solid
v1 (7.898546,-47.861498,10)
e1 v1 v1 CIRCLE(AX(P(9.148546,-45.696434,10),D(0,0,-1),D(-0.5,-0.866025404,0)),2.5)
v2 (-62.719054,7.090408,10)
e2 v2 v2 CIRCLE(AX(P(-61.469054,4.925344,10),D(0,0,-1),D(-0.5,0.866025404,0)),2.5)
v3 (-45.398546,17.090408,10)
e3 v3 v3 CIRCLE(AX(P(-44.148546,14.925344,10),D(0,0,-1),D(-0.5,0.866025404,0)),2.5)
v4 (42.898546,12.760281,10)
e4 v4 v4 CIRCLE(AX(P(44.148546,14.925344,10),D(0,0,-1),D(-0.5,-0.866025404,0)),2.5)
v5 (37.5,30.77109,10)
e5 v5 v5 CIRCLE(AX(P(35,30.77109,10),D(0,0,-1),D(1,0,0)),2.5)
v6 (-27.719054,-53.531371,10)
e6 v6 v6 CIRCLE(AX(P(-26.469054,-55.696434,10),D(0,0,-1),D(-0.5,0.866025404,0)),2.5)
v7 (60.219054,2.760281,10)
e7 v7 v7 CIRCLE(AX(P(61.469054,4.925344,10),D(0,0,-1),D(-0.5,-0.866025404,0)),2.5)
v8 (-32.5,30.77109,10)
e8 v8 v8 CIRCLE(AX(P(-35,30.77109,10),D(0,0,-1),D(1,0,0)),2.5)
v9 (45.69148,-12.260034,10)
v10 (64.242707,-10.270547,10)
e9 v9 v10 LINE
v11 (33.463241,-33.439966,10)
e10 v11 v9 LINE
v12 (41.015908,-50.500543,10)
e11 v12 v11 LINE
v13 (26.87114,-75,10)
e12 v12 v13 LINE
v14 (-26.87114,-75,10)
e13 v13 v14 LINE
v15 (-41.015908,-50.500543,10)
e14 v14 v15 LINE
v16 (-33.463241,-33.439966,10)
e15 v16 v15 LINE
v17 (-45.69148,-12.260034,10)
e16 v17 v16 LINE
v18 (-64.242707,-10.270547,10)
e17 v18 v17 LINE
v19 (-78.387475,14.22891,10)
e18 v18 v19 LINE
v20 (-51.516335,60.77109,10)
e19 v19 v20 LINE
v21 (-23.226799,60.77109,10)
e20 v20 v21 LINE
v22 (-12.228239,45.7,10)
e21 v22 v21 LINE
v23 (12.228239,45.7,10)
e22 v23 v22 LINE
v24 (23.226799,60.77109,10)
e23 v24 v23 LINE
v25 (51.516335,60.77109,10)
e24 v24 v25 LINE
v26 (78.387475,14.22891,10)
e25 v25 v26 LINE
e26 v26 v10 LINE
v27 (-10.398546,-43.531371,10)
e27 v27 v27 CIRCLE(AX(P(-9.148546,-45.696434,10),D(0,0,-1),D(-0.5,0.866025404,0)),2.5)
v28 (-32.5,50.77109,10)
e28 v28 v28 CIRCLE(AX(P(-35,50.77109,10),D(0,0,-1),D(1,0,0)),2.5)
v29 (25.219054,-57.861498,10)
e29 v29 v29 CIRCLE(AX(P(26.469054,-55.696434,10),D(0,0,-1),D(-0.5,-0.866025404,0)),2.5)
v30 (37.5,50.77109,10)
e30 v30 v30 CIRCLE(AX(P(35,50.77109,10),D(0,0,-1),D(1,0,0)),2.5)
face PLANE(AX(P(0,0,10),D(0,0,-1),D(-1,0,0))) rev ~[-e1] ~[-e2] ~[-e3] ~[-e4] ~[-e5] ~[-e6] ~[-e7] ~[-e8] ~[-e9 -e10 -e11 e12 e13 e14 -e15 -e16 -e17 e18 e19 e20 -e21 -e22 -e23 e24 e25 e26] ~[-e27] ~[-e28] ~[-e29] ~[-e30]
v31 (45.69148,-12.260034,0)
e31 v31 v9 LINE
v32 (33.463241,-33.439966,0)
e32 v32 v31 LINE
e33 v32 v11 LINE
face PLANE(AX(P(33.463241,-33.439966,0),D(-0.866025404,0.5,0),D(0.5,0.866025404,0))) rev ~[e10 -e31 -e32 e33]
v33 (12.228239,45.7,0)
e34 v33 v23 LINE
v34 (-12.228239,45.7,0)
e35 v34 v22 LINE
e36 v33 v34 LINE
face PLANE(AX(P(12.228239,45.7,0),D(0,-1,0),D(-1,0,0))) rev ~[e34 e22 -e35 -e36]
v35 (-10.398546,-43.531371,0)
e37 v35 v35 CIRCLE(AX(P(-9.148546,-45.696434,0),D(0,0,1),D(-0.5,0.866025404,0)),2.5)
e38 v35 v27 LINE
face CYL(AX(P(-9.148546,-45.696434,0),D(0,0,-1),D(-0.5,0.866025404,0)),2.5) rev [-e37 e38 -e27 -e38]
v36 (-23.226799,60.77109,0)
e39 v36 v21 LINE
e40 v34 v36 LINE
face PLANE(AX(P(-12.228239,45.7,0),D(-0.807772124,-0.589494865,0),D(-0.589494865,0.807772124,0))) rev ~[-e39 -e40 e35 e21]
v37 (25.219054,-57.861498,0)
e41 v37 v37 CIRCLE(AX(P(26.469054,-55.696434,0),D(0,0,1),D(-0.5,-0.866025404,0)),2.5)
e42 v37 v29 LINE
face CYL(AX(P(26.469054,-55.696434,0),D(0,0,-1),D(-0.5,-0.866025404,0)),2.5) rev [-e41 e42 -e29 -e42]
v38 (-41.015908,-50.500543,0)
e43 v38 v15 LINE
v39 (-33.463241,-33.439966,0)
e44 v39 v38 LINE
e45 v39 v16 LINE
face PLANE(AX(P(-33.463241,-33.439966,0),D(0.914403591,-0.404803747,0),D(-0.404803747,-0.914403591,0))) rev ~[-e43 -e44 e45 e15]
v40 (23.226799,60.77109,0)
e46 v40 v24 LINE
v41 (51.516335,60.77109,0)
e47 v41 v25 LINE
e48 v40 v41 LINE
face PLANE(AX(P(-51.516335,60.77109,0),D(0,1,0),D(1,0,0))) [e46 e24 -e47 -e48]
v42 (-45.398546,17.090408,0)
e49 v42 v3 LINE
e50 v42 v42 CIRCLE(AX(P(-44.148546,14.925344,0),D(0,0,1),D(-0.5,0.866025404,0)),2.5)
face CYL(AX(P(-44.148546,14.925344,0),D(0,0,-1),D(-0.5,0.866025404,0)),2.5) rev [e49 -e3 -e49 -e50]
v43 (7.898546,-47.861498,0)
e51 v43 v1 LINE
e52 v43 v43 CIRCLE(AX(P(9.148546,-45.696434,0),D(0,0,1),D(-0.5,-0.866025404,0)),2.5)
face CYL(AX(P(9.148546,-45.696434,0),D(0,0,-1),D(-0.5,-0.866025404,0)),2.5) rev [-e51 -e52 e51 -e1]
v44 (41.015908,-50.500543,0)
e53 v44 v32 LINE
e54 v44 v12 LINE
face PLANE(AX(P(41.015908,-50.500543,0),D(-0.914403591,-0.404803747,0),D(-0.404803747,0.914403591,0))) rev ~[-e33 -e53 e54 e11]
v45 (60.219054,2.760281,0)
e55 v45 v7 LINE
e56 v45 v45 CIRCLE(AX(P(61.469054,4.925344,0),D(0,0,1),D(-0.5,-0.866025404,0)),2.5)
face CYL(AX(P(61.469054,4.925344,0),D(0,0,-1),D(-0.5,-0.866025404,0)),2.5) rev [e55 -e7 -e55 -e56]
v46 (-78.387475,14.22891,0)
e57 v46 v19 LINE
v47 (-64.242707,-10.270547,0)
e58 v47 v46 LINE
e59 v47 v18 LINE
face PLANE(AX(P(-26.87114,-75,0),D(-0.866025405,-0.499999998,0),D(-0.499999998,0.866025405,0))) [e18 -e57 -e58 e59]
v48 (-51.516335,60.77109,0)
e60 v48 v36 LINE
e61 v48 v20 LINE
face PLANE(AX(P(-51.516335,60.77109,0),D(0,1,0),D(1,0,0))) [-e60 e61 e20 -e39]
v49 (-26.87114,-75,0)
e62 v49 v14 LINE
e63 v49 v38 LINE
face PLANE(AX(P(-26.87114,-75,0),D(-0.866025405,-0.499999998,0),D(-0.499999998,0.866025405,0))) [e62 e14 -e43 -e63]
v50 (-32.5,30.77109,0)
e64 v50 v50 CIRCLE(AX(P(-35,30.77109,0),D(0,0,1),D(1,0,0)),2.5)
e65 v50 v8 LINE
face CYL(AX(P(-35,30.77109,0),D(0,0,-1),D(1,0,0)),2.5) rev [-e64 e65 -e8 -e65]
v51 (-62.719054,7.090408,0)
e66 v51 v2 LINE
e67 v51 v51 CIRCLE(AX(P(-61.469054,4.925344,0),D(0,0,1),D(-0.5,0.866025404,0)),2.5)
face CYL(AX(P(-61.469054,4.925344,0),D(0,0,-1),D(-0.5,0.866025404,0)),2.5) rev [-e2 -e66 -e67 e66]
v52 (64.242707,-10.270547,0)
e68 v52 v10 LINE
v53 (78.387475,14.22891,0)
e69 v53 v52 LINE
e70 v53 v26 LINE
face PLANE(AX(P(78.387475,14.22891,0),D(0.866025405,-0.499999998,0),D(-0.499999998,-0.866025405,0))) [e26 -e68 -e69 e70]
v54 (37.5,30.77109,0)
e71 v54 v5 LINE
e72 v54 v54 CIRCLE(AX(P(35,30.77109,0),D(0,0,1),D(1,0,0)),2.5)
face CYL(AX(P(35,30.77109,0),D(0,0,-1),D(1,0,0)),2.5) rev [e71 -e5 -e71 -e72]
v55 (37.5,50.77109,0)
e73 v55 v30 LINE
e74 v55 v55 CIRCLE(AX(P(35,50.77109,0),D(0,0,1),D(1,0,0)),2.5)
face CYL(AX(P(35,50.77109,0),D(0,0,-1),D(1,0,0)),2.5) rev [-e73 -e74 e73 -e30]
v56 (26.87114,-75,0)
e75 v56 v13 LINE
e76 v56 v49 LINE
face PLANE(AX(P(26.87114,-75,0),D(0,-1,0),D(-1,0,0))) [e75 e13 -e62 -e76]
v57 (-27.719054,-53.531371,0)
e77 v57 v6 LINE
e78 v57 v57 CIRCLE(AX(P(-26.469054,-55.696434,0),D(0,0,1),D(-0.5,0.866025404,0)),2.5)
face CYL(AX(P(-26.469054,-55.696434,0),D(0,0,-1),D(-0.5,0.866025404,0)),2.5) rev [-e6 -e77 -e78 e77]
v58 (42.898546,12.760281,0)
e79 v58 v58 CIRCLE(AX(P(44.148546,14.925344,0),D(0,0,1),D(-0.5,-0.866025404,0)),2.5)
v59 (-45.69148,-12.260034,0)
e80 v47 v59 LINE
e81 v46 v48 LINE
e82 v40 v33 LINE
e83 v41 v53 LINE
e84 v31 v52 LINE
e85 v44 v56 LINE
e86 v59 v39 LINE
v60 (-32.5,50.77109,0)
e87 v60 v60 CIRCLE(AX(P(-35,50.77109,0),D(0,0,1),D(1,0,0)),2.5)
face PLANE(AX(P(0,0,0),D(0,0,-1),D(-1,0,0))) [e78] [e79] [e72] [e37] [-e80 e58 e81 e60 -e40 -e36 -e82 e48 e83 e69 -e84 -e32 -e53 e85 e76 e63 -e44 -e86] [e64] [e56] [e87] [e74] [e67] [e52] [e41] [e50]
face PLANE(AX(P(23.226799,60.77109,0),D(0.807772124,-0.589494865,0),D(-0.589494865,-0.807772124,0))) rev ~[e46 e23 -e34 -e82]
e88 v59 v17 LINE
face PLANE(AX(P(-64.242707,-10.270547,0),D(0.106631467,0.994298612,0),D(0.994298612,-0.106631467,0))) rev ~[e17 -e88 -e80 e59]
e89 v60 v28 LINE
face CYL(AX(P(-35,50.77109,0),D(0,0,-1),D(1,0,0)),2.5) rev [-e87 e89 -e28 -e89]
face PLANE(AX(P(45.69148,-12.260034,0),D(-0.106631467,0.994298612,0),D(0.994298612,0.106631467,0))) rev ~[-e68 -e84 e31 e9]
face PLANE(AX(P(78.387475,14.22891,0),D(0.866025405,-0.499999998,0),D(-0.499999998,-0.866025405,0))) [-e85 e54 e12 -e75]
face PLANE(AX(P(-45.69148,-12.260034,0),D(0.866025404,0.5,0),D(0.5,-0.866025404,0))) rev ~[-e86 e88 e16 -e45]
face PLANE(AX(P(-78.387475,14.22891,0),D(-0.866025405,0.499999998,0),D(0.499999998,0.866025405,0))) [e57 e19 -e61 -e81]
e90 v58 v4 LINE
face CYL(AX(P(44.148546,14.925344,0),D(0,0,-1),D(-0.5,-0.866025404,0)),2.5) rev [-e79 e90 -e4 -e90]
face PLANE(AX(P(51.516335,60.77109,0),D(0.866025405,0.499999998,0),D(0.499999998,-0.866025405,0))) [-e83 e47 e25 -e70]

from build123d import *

# Parameters (mm, degrees)
PAD007_DEPTH       = 10
SKETCH012_R        = 2.5
POCKET003_DEPTH    = 425.270426
POLARPATTERN_COUNT = 3


with BuildPart() as part:
    # Sketch011 → Pad007 (new body)
    with BuildSketch(Plane.XY):
        Polygon((-51.516335, 60.77109), (51.516335, 60.77109), (78.387475, 14.22891), (26.87114, -75), (-26.87114, -75), (-78.387475, 14.22891), align=None)
    extrude(amount=PAD007_DEPTH)

    # Sketch012 → Pocket003 (cut, through all)
    with BuildSketch(Plane.XY):
        with Locations((-35, 50.77109)):
            Circle(SKETCH012_R)
        with Locations((35, 50.77109)):
            Circle(SKETCH012_R)
        with Locations((-35, 30.77109)):
            Circle(SKETCH012_R)
        with Locations((35, 30.77109)):
            Circle(SKETCH012_R)
        Polygon((23.226799, 60.77109), (12.228239, 45.7), (-12.228239, 45.7), (-23.226799, 60.77109), align=None)
    pocket003 = extrude(amount=POCKET003_DEPTH, mode=Mode.SUBTRACT)

    # PolarPattern: Pocket003 ×3 about axis
    polarpattern_axis = Axis((0, 0, 0), (0, 0, 1))
    for i in range(1, POLARPATTERN_COUNT):
        add(pocket003.rotate(polarpattern_axis, i * 360 / POLARPATTERN_COUNT), mode=Mode.SUBTRACT)


solid = part.part
